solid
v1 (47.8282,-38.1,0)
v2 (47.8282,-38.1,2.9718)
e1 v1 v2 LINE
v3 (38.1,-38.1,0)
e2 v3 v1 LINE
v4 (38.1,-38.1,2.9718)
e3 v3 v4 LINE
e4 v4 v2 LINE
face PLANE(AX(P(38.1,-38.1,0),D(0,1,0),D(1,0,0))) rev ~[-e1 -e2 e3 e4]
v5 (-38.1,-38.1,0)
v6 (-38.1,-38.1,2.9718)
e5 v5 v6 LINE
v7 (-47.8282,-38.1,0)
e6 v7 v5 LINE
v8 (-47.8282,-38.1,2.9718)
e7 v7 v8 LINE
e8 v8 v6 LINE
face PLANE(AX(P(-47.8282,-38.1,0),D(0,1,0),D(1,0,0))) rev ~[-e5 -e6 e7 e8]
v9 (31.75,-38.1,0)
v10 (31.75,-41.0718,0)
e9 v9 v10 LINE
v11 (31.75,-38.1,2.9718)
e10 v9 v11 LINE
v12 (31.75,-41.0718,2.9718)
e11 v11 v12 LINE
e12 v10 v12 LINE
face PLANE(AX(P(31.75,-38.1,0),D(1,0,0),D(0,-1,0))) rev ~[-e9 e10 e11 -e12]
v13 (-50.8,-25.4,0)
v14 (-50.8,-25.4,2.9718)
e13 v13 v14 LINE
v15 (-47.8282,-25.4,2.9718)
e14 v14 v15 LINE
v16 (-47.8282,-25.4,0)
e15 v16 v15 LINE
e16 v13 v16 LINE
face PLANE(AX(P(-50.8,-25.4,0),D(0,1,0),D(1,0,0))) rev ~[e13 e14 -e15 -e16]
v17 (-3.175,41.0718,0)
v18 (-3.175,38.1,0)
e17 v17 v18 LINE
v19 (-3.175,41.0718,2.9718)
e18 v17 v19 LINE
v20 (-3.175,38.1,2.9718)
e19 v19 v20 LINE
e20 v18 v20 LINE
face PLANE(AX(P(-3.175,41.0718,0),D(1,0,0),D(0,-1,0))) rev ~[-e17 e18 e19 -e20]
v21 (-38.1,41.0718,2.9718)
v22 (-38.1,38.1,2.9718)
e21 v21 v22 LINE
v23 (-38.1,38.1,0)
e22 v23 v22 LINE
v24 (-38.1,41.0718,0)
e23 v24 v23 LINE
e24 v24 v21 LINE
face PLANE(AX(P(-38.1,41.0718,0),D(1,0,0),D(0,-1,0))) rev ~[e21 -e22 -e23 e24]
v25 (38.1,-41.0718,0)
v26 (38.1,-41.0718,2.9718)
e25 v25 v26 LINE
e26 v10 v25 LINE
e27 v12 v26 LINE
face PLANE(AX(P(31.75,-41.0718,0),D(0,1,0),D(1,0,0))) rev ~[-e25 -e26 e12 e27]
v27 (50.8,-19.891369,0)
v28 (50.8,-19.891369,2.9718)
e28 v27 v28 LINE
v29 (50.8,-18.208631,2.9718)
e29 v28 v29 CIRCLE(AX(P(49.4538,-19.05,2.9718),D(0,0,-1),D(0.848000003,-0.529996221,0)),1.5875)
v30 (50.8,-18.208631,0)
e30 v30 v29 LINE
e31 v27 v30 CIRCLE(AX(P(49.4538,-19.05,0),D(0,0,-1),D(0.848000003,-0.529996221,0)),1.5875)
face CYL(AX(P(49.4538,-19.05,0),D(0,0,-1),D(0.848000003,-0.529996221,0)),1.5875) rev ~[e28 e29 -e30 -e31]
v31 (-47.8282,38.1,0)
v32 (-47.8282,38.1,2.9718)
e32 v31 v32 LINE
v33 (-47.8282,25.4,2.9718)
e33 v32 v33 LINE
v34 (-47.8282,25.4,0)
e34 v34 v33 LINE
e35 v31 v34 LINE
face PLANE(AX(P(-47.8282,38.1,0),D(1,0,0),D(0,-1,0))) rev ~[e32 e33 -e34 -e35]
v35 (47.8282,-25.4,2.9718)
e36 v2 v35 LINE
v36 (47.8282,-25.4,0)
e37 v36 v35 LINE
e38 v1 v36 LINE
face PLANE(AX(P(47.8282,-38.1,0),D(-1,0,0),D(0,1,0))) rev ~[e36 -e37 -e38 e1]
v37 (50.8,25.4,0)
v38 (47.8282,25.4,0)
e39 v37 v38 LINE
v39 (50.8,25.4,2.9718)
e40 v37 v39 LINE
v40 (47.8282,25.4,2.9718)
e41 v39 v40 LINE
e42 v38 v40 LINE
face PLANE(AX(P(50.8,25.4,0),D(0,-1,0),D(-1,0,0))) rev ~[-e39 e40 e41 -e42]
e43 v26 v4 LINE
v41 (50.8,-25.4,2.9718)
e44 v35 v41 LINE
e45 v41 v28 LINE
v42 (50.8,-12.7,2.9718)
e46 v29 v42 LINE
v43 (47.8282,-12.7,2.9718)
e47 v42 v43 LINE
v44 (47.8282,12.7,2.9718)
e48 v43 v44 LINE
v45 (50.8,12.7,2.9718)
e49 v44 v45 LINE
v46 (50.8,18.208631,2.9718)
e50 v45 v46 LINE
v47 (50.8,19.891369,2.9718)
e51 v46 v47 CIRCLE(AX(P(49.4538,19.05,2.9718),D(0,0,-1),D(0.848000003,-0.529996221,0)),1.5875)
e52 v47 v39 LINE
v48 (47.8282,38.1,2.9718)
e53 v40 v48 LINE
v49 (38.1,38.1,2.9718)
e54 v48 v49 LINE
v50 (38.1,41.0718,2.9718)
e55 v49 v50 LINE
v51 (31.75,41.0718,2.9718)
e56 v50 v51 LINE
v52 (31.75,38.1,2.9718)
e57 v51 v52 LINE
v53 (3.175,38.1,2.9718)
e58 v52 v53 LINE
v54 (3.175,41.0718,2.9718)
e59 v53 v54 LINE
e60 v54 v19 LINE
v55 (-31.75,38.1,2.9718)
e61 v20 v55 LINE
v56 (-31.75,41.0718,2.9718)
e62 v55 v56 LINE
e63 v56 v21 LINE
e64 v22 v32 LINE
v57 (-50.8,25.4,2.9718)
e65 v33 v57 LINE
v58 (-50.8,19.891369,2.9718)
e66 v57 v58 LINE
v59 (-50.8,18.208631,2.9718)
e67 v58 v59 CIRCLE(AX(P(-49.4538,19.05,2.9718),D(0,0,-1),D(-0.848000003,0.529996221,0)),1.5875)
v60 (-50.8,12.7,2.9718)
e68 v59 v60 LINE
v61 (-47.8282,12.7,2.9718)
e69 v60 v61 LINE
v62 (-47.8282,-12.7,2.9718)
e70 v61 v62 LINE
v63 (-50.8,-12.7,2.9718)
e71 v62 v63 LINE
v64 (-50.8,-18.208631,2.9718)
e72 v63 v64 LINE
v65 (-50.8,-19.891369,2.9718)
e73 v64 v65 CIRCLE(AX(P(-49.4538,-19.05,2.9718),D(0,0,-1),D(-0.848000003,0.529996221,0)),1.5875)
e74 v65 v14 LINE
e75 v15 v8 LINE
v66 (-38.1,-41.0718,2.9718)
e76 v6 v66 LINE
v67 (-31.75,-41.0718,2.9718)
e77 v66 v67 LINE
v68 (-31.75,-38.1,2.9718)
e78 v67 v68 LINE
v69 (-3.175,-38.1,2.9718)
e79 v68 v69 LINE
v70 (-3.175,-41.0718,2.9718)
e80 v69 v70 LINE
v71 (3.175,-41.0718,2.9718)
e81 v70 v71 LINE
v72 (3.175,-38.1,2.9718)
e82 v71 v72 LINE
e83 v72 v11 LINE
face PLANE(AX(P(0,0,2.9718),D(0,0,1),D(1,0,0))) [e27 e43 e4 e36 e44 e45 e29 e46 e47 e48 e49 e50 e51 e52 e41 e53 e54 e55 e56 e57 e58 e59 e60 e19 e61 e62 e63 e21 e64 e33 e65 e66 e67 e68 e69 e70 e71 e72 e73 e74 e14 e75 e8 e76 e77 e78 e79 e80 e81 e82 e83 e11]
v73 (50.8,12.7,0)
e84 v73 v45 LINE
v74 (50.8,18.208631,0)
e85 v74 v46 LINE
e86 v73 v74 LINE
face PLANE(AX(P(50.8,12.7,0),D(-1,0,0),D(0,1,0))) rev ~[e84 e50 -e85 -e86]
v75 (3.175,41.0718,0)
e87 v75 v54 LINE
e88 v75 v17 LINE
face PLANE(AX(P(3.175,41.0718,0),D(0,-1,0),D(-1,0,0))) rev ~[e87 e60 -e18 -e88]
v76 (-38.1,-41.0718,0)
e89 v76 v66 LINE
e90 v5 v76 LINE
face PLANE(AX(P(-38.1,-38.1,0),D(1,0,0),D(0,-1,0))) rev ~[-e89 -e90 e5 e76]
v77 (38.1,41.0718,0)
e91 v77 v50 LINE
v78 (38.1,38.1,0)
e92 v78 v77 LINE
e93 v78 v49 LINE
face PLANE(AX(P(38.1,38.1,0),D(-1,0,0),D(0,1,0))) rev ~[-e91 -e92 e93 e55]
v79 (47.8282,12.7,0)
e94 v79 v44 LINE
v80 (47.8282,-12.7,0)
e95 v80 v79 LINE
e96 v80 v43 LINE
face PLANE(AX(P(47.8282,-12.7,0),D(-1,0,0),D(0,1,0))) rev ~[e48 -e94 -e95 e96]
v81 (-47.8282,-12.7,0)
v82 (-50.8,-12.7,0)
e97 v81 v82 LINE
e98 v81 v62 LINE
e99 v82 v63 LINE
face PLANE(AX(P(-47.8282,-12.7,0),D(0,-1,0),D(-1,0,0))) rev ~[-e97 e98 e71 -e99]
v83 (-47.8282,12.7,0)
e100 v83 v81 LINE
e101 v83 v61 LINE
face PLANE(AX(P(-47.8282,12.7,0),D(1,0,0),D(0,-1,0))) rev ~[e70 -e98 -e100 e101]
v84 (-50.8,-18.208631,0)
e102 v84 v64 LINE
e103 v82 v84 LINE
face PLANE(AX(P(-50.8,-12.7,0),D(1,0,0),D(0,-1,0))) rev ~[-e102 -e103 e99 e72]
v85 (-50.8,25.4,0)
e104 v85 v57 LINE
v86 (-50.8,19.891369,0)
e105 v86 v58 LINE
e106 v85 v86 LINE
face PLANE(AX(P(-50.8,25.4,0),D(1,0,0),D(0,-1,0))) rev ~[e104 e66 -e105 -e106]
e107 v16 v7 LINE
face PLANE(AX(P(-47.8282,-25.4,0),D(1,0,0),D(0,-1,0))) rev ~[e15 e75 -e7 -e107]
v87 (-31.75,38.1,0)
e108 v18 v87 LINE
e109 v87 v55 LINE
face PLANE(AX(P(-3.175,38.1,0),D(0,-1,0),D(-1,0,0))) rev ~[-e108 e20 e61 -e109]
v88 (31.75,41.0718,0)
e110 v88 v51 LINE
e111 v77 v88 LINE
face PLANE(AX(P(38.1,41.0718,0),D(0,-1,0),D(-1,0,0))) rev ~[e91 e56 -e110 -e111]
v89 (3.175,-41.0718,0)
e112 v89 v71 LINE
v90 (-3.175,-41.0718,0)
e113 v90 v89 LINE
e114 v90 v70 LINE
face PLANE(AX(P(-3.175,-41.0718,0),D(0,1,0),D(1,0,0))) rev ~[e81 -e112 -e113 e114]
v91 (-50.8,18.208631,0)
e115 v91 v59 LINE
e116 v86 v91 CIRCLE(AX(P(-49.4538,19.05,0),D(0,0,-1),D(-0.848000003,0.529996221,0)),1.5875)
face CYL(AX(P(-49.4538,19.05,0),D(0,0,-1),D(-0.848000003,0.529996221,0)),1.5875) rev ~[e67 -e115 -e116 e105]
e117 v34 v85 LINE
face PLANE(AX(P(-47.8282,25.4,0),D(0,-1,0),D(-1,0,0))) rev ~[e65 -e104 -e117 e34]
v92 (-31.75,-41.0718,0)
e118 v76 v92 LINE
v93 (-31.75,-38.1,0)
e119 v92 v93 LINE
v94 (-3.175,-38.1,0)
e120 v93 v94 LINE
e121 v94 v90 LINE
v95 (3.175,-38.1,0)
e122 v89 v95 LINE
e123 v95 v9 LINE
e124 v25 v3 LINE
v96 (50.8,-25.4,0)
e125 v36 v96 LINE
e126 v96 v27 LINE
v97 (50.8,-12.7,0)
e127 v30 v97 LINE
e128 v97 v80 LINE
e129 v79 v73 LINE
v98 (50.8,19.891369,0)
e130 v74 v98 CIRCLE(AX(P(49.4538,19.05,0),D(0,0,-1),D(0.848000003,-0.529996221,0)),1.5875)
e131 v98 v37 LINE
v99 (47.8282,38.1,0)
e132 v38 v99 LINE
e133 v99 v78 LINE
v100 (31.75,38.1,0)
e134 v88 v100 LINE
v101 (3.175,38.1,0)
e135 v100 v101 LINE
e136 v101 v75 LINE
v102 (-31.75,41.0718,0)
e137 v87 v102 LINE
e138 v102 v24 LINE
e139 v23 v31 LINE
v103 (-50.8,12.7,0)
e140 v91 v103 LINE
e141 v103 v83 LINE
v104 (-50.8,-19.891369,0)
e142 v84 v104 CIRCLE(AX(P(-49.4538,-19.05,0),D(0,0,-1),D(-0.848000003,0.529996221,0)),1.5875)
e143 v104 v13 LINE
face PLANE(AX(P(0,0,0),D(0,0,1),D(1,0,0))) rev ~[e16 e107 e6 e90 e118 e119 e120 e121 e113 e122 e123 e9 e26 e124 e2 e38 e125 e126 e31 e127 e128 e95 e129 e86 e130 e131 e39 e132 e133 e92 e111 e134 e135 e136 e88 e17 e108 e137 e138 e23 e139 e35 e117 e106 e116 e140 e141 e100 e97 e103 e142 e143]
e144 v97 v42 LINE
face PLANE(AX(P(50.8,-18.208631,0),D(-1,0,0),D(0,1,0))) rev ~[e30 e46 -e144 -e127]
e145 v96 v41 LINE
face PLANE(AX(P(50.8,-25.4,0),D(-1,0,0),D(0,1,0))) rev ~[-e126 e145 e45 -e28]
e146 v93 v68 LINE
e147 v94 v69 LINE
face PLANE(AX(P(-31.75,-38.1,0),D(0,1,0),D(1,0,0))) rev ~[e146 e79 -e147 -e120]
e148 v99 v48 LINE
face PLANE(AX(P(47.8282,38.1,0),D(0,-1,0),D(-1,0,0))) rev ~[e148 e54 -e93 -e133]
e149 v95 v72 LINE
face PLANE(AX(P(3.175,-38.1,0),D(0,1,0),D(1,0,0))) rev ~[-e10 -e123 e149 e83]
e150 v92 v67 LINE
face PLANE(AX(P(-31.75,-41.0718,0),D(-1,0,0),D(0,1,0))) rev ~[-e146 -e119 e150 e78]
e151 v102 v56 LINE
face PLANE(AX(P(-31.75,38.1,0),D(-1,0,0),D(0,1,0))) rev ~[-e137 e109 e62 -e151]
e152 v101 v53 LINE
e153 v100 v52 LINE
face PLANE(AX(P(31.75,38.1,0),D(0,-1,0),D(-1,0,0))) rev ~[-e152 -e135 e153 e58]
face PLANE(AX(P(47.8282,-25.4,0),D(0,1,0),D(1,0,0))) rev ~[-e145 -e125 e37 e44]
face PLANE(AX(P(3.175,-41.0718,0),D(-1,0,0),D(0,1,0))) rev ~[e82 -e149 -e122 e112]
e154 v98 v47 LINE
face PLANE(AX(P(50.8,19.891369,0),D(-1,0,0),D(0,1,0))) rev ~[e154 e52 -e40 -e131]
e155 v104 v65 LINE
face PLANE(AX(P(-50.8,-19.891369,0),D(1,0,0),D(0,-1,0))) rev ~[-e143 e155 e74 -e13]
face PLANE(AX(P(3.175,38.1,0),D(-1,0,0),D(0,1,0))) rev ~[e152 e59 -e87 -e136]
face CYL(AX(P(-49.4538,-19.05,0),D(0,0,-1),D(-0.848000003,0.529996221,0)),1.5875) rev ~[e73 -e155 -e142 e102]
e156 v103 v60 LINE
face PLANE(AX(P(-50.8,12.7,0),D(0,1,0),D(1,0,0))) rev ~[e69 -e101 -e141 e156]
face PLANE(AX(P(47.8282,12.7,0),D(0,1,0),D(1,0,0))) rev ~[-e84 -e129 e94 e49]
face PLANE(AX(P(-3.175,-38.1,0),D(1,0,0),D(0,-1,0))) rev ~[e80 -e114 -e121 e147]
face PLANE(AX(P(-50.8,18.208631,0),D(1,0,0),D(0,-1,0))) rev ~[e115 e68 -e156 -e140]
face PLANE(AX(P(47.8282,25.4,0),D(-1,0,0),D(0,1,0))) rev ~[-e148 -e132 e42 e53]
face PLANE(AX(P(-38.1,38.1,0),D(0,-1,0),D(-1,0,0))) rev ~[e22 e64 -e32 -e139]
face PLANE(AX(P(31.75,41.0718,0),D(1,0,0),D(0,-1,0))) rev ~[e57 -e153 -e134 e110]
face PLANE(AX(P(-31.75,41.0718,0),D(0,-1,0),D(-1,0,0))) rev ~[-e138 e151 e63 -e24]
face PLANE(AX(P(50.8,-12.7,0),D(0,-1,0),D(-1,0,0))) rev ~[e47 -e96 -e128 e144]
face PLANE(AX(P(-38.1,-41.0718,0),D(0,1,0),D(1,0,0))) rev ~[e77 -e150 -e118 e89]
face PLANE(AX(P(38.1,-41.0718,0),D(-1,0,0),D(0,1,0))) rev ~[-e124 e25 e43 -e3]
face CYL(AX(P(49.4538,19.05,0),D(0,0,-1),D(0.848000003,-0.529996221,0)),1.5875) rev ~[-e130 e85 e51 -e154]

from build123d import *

# Parameters (mm, degrees)
F1_DEPTH = 2.9718


with BuildPart() as f1:
    # F0 (on Top) → F1 (new body)
    with BuildSketch(Plane.XY):
        with BuildLine():
            Line((47.8282, 25.4), (47.8282, 38.1))
            Line((47.8282, 38.1), (38.1, 38.1))
            Line((38.1, 38.1), (38.1, 41.0718))
            Line((38.1, 41.0718), (31.75, 41.0718))
            Line((31.75, 41.0718), (31.75, 38.1))
            Line((31.75, 38.1), (3.175, 38.1))
            Line((3.175, 38.1), (3.175, 41.0718))
            Line((3.175, 41.0718), (-3.175, 41.0718))
            Line((-3.175, 41.0718), (-3.175, 38.1))
            Line((-3.175, 38.1), (-31.75, 38.1))
            Line((-31.75, 38.1), (-31.75, 41.0718))
            Line((-31.75, 41.0718), (-38.1, 41.0718))
            Line((-38.1, 41.0718), (-38.1, 38.1))
            Line((-38.1, 38.1), (-47.8282, 38.1))
            Line((-47.8282, 38.1), (-47.8282, 25.4))
            Line((-47.8282, 25.4), (-50.8, 25.4))
            Line((-50.8, 25.4), (-50.8, 19.891369))
            ThreePointArc((-50.8, 19.891369), (-47.8663, 19.05), (-50.8, 18.208631))
            Line((-50.8, 18.208631), (-50.8, 12.7))
            Line((-50.8, 12.7), (-47.8282, 12.7))
            Line((-47.8282, 12.7), (-47.8282, 0))
            Line((-47.8282, 0), (-47.8282, -12.7))
            Line((-47.8282, -12.7), (-50.8, -12.7))
            Line((-50.8, -12.7), (-50.8, -18.208631))
            ThreePointArc((-50.8, -18.208631), (-47.8663, -19.05), (-50.8, -19.891369))
            Line((-50.8, -19.891369), (-50.8, -25.4))
            Line((-50.8, -25.4), (-47.8282, -25.4))
            Line((-47.8282, -25.4), (-47.8282, -38.1))
            Line((-47.8282, -38.1), (-38.1, -38.1))
            Line((-38.1, -38.1), (-38.1, -41.0718))
            Line((-38.1, -41.0718), (-31.75, -41.0718))
            Line((-31.75, -41.0718), (-31.75, -38.1))
            Line((-31.75, -38.1), (-3.175, -38.1))
            Line((-3.175, -38.1), (-3.175, -41.0718))
            Line((-3.175, -41.0718), (3.175, -41.0718))
            Line((3.175, -41.0718), (3.175, -38.1))
            Line((3.175, -38.1), (31.75, -38.1))
            Line((31.75, -38.1), (31.75, -41.0718))
            Line((31.75, -41.0718), (38.1, -41.0718))
            Line((38.1, -41.0718), (38.1, -38.1))
            Line((38.1, -38.1), (47.8282, -38.1))
            Line((47.8282, -38.1), (47.8282, -25.4))
            Line((47.8282, -25.4), (50.8, -25.4))
            Line((50.8, -25.4), (50.8, -19.891369))
            ThreePointArc((50.8, -19.891369), (47.8663, -19.05), (50.8, -18.208631))
            Line((50.8, -18.208631), (50.8, -12.7))
            Line((50.8, -12.7), (47.8282, -12.7))
            Line((47.8282, -12.7), (47.8282, 0))
            Line((47.8282, 0), (47.8282, 12.7))
            Line((47.8282, 12.7), (50.8, 12.7))
            Line((50.8, 12.7), (50.8, 18.208631))
            ThreePointArc((50.8, 18.208631), (47.8663, 19.05), (50.8, 19.891369))
            Line((50.8, 19.891369), (50.8, 25.4))
            Line((50.8, 25.4), (47.8282, 25.4))
        make_face()
    extrude(amount=F1_DEPTH)


solid = f1.part
